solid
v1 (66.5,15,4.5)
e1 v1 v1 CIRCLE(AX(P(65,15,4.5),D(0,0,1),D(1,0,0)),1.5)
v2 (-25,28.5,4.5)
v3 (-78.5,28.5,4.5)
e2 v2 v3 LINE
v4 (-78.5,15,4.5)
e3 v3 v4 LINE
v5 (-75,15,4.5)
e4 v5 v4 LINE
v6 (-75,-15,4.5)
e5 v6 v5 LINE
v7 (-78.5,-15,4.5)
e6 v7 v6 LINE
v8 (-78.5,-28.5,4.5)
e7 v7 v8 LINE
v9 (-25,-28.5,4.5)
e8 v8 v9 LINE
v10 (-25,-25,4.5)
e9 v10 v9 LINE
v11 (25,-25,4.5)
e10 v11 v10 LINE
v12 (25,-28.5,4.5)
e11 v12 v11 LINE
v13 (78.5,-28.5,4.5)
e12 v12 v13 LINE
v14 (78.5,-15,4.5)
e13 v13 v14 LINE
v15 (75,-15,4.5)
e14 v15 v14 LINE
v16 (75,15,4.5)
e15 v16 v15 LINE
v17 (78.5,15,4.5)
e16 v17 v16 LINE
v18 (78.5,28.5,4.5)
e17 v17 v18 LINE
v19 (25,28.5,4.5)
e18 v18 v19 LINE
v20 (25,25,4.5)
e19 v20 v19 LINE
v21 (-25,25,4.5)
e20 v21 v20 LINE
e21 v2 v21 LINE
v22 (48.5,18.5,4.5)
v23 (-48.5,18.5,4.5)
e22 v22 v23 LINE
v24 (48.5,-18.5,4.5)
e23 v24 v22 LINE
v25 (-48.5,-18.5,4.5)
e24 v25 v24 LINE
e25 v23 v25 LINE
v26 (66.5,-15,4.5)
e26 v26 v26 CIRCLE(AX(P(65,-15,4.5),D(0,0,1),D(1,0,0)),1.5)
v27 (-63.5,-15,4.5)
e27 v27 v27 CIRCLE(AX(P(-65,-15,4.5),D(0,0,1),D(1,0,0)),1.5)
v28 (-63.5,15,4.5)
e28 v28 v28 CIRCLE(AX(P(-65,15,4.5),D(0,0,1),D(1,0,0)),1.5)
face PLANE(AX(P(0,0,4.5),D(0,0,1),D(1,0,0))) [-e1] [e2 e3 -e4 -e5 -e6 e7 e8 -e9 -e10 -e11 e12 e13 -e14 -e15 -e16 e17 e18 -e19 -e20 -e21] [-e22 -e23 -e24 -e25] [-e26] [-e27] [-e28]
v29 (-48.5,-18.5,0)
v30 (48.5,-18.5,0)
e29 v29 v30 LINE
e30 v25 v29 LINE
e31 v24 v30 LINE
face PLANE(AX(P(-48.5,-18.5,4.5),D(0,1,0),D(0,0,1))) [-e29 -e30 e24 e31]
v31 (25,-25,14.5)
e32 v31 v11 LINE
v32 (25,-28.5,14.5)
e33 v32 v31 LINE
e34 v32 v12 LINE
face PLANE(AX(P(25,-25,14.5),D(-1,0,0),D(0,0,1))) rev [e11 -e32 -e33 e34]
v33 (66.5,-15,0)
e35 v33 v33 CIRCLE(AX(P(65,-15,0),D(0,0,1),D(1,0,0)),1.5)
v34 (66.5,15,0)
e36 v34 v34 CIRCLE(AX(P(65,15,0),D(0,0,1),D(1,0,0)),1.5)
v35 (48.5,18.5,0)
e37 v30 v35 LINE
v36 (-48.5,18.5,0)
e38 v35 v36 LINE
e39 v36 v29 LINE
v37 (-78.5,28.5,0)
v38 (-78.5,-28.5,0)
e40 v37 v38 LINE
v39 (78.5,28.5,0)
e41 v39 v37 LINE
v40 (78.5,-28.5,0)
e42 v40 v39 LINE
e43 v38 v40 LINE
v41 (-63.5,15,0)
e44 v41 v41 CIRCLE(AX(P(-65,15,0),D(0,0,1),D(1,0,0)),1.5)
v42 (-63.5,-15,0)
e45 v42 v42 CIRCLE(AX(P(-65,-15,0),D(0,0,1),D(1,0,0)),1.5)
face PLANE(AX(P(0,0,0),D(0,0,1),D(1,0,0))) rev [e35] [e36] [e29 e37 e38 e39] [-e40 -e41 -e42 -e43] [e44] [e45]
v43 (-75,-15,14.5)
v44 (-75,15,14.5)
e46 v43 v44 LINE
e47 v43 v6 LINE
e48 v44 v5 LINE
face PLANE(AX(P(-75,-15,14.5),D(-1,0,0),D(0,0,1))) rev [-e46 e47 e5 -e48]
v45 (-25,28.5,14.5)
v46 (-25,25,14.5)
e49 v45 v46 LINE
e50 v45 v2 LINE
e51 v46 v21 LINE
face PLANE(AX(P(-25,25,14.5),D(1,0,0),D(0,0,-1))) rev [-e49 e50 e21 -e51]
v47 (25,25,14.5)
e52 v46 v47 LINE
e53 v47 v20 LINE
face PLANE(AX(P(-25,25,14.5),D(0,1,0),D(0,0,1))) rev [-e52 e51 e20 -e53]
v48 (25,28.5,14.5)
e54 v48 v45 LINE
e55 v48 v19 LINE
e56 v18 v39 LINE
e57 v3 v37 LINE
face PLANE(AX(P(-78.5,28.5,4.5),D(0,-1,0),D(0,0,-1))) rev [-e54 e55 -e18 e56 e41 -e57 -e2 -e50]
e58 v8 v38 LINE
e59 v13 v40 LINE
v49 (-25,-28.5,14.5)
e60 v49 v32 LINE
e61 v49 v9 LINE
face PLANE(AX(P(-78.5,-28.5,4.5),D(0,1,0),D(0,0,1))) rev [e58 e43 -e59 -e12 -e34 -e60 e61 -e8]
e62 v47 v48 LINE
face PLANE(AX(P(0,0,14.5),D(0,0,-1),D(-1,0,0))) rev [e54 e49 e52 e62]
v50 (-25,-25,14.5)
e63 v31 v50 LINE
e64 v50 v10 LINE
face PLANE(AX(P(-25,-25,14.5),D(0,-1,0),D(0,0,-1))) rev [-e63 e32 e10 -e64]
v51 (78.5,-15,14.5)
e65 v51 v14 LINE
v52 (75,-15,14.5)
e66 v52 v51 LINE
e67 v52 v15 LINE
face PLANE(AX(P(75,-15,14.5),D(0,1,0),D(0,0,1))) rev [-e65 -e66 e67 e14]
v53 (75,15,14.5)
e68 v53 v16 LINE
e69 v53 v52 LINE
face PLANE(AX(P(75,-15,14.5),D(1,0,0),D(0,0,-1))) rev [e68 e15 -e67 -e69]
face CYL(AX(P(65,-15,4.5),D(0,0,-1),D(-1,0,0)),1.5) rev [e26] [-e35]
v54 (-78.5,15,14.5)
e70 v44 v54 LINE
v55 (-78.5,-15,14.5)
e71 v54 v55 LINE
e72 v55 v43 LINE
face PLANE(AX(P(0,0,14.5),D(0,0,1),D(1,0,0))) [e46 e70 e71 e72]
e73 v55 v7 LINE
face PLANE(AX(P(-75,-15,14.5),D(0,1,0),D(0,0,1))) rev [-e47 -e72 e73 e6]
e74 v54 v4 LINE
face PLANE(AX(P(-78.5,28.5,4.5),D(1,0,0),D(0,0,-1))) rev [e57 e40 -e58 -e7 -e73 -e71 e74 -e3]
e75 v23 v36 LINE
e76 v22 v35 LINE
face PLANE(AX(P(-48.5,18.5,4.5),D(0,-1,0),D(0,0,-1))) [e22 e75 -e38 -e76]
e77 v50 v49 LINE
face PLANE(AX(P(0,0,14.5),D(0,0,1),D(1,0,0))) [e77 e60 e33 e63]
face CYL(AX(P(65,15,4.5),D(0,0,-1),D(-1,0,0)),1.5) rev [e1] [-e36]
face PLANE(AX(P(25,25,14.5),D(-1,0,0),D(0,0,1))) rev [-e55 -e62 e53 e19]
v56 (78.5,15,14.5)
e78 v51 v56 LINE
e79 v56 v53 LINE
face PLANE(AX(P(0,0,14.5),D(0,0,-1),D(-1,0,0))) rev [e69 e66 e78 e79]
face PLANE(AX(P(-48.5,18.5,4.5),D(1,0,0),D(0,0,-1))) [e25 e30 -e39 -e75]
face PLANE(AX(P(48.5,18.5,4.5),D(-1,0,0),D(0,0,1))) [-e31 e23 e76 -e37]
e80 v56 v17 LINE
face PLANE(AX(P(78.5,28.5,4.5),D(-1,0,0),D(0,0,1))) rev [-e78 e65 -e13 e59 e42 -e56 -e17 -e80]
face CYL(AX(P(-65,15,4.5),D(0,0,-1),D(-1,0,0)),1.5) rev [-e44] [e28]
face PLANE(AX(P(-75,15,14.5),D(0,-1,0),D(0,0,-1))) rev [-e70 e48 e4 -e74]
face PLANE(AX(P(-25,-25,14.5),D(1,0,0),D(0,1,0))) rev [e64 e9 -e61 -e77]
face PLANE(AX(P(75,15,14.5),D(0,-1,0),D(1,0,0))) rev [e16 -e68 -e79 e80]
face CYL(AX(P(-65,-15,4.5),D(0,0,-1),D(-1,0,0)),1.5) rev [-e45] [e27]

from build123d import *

# Parameters (mm, degrees)
SKETCH_1_W      = 157
SKETCH_1_H      = 57
SKETCH_1_R      = 1.5
SKETCH_1_W_2    = 97
SKETCH_1_H_2    = 37
EXTRUDE_1_DEPTH = 4.5
SKETCH_2_W      = 3.5
SKETCH_2_H      = 30
SKETCH_2_W_2    = 50
SKETCH_2_H_2    = 3.5
EXTRUDE_2_DEPTH = 10


with BuildPart() as part:
    # 草图1 → 凸台-拉伸1 (new body)
    with BuildSketch(Plane.XY):
        Rectangle(SKETCH_1_W, SKETCH_1_H)
        with Locations((-65, 15)):
            Circle(SKETCH_1_R, mode=Mode.SUBTRACT)
        with Locations((65, 15)):
            Circle(SKETCH_1_R, mode=Mode.SUBTRACT)
        with Locations((-65, -15)):
            Circle(SKETCH_1_R, mode=Mode.SUBTRACT)
        with Locations((65, -15)):
            Circle(SKETCH_1_R, mode=Mode.SUBTRACT)
        Rectangle(SKETCH_1_W_2, SKETCH_1_H_2, mode=Mode.SUBTRACT)
    extrude(amount=EXTRUDE_1_DEPTH)

    # 草图2 → 凸台-拉伸2 (add)
    with BuildSketch(Plane.XY.offset(4.5)):
        with Locations((-76.75, 0)):
            Rectangle(SKETCH_2_W, SKETCH_2_H)
        with Locations((76.75, 0)):
            Rectangle(SKETCH_2_W, SKETCH_2_H)
        with Locations((0, 26.75)):
            Rectangle(SKETCH_2_W_2, SKETCH_2_H_2)
        with Locations((0, -26.75)):
            Rectangle(SKETCH_2_W_2, SKETCH_2_H_2)
    extrude(amount=EXTRUDE_2_DEPTH)


solid = part.part
